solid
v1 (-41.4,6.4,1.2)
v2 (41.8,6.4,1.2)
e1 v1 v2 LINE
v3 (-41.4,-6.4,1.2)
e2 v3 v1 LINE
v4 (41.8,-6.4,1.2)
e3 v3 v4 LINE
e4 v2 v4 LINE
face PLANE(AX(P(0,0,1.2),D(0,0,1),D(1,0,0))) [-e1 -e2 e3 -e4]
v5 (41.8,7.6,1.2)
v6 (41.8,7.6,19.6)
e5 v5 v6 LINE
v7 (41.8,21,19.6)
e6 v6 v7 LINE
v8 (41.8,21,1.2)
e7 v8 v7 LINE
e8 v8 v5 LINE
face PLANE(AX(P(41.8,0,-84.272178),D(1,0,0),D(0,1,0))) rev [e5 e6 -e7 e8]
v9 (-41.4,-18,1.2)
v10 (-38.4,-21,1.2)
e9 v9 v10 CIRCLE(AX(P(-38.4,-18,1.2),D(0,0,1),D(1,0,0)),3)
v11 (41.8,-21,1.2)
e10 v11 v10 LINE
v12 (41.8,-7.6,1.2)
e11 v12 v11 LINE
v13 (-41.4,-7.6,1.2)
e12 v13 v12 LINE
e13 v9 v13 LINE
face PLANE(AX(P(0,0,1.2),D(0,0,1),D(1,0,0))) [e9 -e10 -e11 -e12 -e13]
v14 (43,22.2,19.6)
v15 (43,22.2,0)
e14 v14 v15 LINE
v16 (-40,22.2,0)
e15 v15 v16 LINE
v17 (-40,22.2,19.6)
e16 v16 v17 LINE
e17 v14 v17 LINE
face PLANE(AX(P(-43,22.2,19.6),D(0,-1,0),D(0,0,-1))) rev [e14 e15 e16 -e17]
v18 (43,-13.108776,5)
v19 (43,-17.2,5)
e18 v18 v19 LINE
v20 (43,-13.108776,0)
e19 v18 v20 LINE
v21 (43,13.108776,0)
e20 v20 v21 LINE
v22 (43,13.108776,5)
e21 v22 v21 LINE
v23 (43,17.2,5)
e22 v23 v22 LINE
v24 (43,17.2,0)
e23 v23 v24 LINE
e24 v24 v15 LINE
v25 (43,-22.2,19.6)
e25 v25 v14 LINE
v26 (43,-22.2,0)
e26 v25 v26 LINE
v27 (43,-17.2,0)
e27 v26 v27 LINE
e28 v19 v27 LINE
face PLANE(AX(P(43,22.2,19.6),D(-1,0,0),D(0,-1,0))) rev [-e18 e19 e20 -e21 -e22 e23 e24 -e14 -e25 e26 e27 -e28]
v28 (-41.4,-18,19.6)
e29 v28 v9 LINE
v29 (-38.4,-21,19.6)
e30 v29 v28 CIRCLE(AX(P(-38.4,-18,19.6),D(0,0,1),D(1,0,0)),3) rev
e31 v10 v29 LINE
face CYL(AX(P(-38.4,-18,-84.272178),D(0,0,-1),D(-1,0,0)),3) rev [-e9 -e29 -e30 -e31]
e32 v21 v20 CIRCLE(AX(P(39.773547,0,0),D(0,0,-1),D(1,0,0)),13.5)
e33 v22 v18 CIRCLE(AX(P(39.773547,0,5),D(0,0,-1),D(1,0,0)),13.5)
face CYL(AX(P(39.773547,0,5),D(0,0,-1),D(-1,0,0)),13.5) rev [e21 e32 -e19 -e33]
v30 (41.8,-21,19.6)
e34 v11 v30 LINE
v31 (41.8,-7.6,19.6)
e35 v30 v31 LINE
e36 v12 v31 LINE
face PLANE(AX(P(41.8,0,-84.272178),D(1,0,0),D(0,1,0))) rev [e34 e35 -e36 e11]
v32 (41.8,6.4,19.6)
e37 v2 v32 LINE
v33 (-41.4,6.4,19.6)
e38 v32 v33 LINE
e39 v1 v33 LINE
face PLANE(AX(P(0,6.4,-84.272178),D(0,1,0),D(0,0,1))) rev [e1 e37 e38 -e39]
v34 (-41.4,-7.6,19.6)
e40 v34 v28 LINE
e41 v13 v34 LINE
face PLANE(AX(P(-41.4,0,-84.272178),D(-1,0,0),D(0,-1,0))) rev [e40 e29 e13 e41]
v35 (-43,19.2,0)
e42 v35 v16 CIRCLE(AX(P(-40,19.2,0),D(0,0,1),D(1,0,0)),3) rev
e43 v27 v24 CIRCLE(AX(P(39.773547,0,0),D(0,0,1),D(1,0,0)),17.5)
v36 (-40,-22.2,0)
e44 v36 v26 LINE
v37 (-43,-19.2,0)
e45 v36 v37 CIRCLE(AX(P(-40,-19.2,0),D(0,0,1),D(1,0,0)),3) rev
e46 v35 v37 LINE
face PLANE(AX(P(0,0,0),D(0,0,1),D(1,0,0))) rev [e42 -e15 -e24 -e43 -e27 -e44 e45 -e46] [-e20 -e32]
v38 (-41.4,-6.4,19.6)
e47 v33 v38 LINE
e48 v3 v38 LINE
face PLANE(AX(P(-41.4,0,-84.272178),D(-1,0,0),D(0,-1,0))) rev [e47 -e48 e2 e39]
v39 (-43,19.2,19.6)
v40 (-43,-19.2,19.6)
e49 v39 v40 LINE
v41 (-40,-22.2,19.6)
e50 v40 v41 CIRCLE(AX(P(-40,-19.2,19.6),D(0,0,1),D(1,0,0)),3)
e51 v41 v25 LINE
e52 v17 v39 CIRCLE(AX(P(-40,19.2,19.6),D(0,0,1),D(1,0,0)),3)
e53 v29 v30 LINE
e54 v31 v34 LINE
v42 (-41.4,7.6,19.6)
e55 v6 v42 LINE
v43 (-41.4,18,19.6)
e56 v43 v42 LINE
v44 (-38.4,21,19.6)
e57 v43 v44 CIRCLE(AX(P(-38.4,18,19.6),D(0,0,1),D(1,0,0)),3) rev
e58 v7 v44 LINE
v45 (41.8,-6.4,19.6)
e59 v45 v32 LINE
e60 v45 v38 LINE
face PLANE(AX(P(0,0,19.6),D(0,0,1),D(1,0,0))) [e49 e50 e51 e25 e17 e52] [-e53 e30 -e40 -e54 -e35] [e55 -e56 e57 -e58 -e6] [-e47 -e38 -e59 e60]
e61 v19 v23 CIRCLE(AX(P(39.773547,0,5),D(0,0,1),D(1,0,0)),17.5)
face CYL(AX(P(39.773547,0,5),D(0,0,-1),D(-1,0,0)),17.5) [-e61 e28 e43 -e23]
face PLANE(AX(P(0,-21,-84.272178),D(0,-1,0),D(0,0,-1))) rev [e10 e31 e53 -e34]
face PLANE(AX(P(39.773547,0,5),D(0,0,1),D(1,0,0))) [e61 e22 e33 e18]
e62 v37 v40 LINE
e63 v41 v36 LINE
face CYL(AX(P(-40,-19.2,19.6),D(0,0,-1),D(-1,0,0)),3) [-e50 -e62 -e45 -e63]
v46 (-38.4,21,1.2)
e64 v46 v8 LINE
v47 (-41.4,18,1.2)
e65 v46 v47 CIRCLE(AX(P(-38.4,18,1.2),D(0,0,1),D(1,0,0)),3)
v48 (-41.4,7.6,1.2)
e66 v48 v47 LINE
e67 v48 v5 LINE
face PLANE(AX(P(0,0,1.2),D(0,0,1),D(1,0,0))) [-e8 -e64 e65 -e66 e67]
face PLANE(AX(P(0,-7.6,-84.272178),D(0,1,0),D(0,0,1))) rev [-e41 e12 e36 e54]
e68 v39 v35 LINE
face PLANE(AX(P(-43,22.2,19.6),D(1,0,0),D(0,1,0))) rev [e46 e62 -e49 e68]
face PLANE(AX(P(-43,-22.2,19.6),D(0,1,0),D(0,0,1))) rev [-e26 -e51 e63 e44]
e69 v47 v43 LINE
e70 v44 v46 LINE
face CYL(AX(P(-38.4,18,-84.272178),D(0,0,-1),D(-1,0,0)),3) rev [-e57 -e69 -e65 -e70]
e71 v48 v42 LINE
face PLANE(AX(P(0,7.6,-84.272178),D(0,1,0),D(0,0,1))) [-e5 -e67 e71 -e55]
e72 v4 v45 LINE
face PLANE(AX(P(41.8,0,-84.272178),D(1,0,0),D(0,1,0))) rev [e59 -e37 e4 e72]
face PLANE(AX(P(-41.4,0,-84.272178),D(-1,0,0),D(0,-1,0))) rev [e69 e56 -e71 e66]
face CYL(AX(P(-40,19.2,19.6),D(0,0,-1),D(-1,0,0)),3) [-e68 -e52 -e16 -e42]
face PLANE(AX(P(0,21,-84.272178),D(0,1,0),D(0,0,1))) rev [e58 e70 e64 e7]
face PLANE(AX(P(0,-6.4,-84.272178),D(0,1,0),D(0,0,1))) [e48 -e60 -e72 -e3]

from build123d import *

# Parameters (mm, degrees)
SKETCH_1_W          = 86
SKETCH_1_H          = 44.4
EXTRUDE_1_DEPTH     = 19.6
EXTRUDE_2_DEPTH     = 5
SKETCH_3_W          = 83.2
SKETCH_3_H          = 13.4
SKETCH_3_H_2        = 12.8
CUT_EXTRUDE_1_DEPTH = 18.4
FILLET_1_R          = 3


with BuildPart() as part:
    # Эскиз1 → Бобышка-Вытянуть1 (new body)
    with BuildSketch(Plane.XY):
        Rectangle(SKETCH_1_W, SKETCH_1_H)
    extrude(amount=EXTRUDE_1_DEPTH)

    # Эскиз2 → Бобышка-Вытянуть2 (add)
    with BuildSketch(Plane.XY):
        with BuildLine():
            Line((43, 17.2), (43, 13.108775687))
            ThreePointArc((43, 13.108775687), (53.273546839, 0), (43, -13.108775687))
            Line((43, -13.108775687), (43, -17.2))
            ThreePointArc((43, -17.2), (57.273546839, 0), (43, 17.2))
        make_face()
    extrude(amount=EXTRUDE_2_DEPTH)

    # Эскиз3 → Вырез-Вытянуть1 (cut)
    with BuildSketch(Plane.XY.offset(19.6)):
        with Locations((0.2, 14.3)):
            Rectangle(SKETCH_3_W, SKETCH_3_H)
        with Locations((0.2, 0)):
            Rectangle(SKETCH_3_W, SKETCH_3_H_2)
        with Locations((0.2, -14.3)):
            Rectangle(SKETCH_3_W, SKETCH_3_H)
    extrude(amount=-CUT_EXTRUDE_1_DEPTH, mode=Mode.SUBTRACT)

    # Скругление1
    fillet_1_edges = [part.edges().sort_by_distance(p)[0] for p in [
        (-41.4, 21, 10.4),
        (-41.4, -21, 10.4),
        (-43, -22.2, 9.8),
        (-43, 22.2, 9.8),
    ]]
    fillet(fillet_1_edges, radius=FILLET_1_R)


solid = part.part
